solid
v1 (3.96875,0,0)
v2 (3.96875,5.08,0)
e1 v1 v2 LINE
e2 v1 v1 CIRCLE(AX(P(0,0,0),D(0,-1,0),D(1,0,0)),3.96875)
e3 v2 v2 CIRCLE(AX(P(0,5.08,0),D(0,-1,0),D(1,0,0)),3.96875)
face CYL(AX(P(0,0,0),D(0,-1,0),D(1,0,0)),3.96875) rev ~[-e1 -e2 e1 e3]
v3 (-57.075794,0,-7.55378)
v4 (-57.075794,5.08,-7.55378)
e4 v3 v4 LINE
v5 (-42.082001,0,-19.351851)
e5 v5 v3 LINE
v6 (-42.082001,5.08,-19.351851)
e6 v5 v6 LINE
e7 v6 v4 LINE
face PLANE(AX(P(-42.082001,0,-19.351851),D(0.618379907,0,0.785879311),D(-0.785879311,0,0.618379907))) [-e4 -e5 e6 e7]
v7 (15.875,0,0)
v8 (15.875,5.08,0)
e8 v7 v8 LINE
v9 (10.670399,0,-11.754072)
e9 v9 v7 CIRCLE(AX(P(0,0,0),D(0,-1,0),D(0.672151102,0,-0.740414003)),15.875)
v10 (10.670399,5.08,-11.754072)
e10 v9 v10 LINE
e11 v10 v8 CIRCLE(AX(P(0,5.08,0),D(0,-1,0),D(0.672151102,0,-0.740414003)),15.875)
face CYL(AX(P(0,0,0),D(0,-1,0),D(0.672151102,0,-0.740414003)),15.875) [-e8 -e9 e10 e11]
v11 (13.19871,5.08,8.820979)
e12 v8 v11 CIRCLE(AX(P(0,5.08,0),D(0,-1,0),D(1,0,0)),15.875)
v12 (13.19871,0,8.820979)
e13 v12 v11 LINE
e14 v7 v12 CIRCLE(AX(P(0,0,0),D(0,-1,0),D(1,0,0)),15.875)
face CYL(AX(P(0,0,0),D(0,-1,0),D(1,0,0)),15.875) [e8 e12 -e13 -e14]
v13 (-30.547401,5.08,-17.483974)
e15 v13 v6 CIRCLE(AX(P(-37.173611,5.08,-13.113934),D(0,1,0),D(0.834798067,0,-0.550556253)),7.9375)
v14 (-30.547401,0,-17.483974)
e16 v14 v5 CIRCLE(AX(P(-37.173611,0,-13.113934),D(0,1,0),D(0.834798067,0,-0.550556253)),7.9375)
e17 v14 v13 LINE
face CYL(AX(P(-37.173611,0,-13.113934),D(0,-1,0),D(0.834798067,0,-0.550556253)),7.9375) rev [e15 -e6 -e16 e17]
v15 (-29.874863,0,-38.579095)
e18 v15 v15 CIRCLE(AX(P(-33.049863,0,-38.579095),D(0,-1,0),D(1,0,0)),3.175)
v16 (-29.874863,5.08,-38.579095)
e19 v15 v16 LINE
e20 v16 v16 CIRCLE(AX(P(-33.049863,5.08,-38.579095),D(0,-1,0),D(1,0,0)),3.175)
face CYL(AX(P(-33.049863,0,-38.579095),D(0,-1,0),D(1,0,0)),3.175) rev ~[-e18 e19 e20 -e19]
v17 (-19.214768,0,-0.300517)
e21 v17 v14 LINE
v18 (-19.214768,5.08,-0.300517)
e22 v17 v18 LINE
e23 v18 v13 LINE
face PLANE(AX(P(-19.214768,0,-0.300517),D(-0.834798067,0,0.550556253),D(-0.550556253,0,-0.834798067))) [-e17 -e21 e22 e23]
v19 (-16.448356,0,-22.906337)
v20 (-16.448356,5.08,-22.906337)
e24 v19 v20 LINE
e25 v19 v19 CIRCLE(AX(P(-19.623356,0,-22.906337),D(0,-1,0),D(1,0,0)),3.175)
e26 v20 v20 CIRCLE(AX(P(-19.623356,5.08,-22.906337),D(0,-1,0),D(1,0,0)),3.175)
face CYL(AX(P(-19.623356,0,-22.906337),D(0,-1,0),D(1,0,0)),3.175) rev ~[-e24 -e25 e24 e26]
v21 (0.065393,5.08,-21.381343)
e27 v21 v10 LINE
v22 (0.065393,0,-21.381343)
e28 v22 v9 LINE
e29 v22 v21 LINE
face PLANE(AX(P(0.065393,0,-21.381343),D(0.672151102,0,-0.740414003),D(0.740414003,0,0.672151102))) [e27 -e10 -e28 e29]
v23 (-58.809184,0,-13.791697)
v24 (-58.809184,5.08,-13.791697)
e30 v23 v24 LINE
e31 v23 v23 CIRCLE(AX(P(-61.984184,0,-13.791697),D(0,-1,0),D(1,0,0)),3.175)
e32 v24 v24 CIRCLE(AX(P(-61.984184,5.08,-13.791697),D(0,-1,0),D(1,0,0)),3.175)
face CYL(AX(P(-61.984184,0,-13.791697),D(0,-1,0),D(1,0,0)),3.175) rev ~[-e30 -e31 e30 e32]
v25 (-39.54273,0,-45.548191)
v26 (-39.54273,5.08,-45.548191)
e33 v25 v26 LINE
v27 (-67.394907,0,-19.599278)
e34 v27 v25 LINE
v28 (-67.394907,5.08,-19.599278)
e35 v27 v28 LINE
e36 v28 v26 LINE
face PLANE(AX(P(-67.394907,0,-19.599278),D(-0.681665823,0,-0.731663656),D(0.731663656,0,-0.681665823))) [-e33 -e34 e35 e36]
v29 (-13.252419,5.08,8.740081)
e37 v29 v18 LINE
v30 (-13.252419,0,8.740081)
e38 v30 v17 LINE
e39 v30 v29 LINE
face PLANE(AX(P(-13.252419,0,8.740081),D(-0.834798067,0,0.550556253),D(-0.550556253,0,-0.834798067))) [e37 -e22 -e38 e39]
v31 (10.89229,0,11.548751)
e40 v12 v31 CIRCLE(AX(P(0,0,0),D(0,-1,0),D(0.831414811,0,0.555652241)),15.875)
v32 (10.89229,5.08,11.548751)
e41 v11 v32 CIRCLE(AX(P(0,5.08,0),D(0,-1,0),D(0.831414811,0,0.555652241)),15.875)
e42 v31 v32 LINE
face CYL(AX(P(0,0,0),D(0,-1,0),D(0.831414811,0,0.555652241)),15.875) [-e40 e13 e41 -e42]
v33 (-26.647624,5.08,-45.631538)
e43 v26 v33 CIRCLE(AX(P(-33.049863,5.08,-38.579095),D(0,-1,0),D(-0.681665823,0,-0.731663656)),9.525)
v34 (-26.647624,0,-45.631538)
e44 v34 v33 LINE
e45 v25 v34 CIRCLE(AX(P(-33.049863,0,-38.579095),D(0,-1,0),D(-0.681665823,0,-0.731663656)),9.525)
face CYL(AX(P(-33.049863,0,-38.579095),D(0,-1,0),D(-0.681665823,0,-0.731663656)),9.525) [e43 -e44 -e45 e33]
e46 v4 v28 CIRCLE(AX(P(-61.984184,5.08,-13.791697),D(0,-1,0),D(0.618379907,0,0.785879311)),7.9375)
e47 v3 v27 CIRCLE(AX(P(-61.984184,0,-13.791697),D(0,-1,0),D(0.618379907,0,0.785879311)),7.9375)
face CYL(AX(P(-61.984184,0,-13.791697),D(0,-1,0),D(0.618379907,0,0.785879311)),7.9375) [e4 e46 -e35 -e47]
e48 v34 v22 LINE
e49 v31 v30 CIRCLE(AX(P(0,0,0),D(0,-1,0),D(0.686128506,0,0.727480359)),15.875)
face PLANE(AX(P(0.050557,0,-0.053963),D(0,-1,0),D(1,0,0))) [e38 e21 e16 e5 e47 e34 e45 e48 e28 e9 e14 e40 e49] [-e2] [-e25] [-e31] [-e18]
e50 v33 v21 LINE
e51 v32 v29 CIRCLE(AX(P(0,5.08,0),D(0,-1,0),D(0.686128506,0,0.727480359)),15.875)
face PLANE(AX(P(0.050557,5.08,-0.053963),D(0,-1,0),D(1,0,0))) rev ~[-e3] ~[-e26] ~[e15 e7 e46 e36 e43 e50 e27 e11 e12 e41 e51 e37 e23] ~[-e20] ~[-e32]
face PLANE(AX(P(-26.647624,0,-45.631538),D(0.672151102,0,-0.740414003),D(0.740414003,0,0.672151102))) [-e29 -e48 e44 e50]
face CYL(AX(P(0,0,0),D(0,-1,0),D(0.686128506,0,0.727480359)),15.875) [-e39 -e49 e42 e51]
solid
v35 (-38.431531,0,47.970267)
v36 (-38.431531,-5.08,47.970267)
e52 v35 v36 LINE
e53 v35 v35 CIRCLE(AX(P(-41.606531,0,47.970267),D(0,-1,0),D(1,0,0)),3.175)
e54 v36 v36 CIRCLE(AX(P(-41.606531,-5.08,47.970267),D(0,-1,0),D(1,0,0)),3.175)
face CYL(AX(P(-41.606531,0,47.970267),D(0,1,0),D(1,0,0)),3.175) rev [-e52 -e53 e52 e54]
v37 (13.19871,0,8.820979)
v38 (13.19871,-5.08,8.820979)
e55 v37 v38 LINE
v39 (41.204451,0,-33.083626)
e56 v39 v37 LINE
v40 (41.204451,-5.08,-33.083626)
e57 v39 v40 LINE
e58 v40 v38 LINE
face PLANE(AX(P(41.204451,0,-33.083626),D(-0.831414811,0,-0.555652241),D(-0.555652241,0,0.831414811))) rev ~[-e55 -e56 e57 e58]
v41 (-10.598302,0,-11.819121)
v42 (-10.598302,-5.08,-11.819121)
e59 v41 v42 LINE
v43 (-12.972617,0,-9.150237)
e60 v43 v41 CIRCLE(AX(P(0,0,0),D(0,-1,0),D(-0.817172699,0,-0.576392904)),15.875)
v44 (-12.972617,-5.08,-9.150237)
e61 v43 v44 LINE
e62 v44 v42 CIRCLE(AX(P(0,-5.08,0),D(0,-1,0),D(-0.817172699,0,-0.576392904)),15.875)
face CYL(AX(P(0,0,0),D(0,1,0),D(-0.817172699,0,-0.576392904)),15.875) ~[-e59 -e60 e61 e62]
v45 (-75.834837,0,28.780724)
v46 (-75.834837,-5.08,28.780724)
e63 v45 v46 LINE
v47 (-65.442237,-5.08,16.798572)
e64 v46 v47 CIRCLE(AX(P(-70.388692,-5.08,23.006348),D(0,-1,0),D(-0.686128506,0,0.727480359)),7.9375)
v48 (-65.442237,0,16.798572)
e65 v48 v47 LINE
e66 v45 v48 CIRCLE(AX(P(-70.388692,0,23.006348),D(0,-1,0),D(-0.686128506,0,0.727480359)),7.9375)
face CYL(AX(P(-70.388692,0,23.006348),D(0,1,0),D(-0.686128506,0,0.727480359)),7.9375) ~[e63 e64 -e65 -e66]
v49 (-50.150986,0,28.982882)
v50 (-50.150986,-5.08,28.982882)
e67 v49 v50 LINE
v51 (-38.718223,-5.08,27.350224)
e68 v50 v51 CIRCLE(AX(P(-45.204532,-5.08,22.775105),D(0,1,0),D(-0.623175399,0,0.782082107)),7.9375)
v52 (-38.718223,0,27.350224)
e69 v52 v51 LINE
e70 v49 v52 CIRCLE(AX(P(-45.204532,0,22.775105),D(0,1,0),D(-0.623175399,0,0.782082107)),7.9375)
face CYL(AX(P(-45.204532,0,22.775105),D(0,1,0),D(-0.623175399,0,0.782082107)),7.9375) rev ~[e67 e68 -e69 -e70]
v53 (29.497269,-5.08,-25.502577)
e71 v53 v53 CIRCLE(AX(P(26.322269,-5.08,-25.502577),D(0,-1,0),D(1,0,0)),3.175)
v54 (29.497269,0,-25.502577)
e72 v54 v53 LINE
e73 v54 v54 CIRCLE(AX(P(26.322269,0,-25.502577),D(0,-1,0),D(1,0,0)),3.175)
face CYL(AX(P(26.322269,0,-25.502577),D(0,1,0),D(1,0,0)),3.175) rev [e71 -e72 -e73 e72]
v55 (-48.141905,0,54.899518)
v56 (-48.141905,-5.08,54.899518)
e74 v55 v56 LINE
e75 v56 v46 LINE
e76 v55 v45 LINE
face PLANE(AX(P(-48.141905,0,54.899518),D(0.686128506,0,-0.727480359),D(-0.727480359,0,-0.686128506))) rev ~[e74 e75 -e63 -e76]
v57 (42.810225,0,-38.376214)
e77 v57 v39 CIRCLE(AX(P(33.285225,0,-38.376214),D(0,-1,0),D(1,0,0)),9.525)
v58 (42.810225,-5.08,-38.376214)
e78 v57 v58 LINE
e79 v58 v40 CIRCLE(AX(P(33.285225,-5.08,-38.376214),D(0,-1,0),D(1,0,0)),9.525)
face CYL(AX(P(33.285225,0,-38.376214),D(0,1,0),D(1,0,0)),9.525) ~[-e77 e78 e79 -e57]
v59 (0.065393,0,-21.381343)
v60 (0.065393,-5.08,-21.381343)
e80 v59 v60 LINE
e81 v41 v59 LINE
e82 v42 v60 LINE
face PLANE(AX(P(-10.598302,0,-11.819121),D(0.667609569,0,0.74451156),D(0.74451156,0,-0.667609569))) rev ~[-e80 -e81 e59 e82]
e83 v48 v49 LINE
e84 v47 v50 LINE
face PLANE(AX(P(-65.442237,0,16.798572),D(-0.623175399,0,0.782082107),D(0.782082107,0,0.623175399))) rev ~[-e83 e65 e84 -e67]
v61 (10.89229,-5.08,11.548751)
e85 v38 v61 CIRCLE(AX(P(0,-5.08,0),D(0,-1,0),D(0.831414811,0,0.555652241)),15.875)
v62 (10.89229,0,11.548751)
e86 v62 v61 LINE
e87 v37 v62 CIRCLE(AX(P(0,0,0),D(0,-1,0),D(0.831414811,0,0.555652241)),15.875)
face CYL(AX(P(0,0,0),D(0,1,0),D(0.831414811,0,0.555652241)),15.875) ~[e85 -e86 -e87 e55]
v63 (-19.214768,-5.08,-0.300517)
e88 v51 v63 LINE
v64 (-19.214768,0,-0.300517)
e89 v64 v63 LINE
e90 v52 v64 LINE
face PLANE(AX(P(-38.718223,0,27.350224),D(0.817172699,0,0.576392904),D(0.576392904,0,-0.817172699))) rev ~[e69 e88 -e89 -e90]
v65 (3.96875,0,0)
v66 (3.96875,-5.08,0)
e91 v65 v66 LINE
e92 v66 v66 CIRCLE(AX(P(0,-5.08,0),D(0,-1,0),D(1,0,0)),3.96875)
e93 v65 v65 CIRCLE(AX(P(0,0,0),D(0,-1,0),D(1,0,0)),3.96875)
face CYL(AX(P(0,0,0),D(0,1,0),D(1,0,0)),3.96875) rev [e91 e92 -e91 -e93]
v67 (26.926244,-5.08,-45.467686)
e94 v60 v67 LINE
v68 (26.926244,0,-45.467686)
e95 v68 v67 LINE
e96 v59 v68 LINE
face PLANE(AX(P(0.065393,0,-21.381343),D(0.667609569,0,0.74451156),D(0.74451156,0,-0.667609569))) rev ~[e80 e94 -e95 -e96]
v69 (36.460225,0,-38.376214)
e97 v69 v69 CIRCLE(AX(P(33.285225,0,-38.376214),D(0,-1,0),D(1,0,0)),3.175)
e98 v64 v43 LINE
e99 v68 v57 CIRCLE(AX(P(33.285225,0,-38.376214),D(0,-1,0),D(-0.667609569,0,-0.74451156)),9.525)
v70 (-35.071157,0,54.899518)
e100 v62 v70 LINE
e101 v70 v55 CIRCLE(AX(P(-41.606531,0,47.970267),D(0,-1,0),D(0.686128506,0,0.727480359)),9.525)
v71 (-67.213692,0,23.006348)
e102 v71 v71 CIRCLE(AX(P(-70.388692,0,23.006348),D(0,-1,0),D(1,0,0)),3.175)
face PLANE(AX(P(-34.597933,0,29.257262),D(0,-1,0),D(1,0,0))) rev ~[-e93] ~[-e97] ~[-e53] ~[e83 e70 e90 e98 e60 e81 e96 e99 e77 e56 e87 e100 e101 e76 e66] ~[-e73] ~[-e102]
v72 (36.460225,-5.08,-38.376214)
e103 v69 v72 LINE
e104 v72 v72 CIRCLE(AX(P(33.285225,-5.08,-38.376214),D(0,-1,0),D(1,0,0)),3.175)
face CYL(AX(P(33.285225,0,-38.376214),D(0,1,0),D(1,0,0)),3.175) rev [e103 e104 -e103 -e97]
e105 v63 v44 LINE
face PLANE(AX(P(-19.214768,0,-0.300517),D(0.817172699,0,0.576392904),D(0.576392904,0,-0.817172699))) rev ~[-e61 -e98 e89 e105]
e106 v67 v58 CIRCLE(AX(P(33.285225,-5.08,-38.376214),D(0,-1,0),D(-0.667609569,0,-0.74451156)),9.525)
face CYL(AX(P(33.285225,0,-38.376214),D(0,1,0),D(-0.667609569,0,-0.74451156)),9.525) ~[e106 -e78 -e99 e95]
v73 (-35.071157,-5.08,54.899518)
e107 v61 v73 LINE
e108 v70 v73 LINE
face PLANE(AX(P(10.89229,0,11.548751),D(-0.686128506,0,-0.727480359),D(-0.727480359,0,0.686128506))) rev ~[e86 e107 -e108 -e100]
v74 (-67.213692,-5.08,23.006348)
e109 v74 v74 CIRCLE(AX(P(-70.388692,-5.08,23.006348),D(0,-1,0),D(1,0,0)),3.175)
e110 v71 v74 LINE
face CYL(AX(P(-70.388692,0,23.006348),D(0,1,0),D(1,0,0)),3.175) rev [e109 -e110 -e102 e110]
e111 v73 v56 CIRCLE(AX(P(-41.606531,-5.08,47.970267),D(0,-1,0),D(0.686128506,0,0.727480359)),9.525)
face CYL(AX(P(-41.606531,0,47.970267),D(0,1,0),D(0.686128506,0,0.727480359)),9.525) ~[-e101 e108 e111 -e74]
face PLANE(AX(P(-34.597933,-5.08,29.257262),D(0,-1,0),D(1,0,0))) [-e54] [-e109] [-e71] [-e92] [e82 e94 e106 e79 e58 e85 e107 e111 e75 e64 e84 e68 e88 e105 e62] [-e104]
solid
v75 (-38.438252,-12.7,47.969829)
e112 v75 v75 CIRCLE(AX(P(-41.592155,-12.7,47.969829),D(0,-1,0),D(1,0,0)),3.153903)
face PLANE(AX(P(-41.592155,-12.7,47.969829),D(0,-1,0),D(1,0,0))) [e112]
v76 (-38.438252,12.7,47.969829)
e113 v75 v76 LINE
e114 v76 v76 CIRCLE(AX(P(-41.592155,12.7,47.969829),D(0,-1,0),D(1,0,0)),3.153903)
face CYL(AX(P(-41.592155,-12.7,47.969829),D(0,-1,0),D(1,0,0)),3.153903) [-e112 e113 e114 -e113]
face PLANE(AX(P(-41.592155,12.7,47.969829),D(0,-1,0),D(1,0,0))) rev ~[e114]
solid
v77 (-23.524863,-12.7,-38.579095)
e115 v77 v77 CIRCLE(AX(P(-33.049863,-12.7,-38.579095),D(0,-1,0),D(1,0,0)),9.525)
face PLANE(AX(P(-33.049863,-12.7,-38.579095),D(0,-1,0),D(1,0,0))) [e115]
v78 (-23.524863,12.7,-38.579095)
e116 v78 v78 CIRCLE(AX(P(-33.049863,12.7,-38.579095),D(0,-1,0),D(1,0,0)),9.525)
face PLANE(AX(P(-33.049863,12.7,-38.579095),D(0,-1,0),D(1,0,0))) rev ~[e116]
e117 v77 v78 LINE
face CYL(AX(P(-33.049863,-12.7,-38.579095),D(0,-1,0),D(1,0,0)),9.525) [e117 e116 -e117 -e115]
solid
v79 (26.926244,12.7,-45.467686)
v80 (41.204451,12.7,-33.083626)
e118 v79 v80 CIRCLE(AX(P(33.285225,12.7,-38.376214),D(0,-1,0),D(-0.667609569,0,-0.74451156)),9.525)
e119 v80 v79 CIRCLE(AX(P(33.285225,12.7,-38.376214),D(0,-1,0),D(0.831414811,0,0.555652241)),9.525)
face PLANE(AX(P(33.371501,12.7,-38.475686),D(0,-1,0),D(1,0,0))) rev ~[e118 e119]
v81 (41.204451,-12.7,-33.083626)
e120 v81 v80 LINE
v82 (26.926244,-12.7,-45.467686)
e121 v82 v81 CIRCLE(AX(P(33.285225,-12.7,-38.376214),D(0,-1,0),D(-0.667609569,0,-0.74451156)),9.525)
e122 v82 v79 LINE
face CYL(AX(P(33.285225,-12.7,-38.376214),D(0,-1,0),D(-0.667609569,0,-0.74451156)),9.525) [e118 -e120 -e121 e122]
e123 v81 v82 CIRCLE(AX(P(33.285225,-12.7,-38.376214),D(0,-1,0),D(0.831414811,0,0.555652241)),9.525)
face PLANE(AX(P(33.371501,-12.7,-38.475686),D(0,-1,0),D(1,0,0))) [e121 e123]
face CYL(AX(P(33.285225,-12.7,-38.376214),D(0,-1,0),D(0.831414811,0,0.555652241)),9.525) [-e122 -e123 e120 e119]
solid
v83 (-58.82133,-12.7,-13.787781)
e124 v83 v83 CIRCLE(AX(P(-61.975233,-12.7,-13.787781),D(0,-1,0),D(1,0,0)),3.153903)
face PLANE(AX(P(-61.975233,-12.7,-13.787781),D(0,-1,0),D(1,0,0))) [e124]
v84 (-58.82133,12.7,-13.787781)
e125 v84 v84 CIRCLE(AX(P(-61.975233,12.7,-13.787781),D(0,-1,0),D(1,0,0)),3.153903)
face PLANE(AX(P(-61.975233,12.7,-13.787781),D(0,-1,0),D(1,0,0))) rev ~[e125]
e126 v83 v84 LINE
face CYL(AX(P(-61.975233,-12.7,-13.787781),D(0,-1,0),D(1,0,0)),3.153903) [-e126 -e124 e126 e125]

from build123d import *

# Parameters (mm, degrees)
F0_R     = 3.175
F0_R_2   = 3.96875
F2_DEPTH = 5.08
F3_DEPTH = 5.08
F6_DEPTH = 25.4
F4_R     = 3.1539027902
F5_R     = 9.525
F5_R_2   = 3.1539027902


with BuildPart() as f2:
    # F0 (on Front) → F2 (new body)
    with BuildSketch(Plane.XZ):
        with BuildLine():
            ThreePointArc((-13.2524193062, 8.7400805221), (-1.834314477, 15.7686687897), (10.8922900307, 11.5487507067))
            Line((10.8922900307, 11.5487507067), (-35.0711574392, 54.8995176744))
            ThreePointArc((-35.0711574392, 54.8995176744), (-32.8608164346, 51.7436071154), (-32.0815314576, 47.9702672503))
            ThreePointArc((-32.0815314576, 47.9702672503), (-45.3798713227, 39.2245522274), (-48.1419054761, 54.8995176744))
            Line((-48.1419054761, 54.8995176744), (-75.8348368232, 28.7807237291))
            ThreePointArc((-75.8348368232, 28.7807237291), (-67.2442419203, 30.2944442282), (-62.4511918078, 23.0063483758))
            ThreePointArc((-62.4511918078, 23.0063483758), (-63.237943921, 19.5609585706), (-65.4422370763, 16.798571653))
            Line((-65.4422370763, 16.798571653), (-50.1509863937, 28.9828821829))
            ThreePointArc((-50.1509863937, 28.9828821829), (-44.0823996147, 30.6328866939), (-38.7182233604, 27.3502241323))
            Line((-38.7182233604, 27.3502241323), (-19.2147683858, -0.3005169703))
            Line((-19.2147683858, -0.3005169703), (-13.2524193062, 8.7400805221))
        make_face()
        with BuildLine():
            ThreePointArc((-32.0815314576, 47.9702672503), (-32.8608164346, 51.7436071154), (-35.0711574392, 54.8995176744))
            ThreePointArc((-35.0711574392, 54.8995176744), (-41.6065314576, 57.4952672503), (-48.1419054761, 54.8995176744))
            ThreePointArc((-48.1419054761, 54.8995176744), (-45.3798713227, 39.2245522274), (-32.0815314576, 47.9702672503))
        make_face()
        with Locations((-41.6065314576, 47.9702672503)):
            Circle(F0_R, mode=Mode.SUBTRACT)
        with BuildLine():
            ThreePointArc((-62.4511918078, 23.0063483758), (-67.2442419203, 30.2944442282), (-75.8348368232, 28.7807237291))
            ThreePointArc((-75.8348368232, 28.7807237291), (-76.3849752141, 17.8055319436), (-65.4422370763, 16.798571653))
            ThreePointArc((-65.4422370763, 16.798571653), (-63.237943921, 19.5609585706), (-62.4511918078, 23.0063483758))
        make_face()
        with Locations((-70.3886918078, 23.0063483758)):
            Circle(F0_R, mode=Mode.SUBTRACT)
        with BuildLine():
            ThreePointArc((15.875, 0), (15.1912005478, 4.609018433), (13.1987101208, 8.820979319))
            ThreePointArc((13.1987101208, 8.820979319), (12.1224690662, 10.2499448164), (10.8922900307, 11.5487507067))
            ThreePointArc((10.8922900307, 11.5487507067), (-1.834314477, 15.7686687897), (-13.2524193062, 8.7400805221))
            ThreePointArc((-13.2524193062, 8.7400805221), (-15.8730587934, -0.2482529814), (-12.9726166036, -9.1502373442))
            ThreePointArc((-12.9726166036, -9.1502373442), (-11.8607666217, -10.5516747555), (-10.5983019047, -11.8191210221))
            ThreePointArc((-10.5983019047, -11.8191210221), (0.0485522706, -15.8749257534), (10.6703987497, -11.7540722953))
            ThreePointArc((10.6703987497, -11.7540722953), (14.5156502636, -6.4274040191), (15.875, 0))
        make_face()
        Circle(F0_R_2, mode=Mode.SUBTRACT)
        with BuildLine():
            Line((-10.5983019047, -11.8191210221), (0.0653932355, -21.3813431455))
            Line((0.0653932355, -21.3813431455), (10.6703987497, -11.7540722953))
            ThreePointArc((10.6703987497, -11.7540722953), (0.0485522706, -15.8749257534), (-10.5983019047, -11.8191210221))
        make_face()
        with BuildLine():
            ThreePointArc((-12.9726166036, -9.1502373442), (-15.8730587934, -0.2482529814), (-13.2524193062, 8.7400805221))
            Line((-13.2524193062, 8.7400805221), (-19.2147683858, -0.3005169703))
            Line((-19.2147683858, -0.3005169703), (-12.9726166036, -9.1502373442))
        make_face()
        with BuildLine():
            ThreePointArc((26.9262440233, -45.4676864135), (27.0442454474, -31.1806737127), (41.2044512386, -33.0836262089))
            Line((41.2044512386, -33.0836262089), (13.1987101208, 8.820979319))
            ThreePointArc((13.1987101208, 8.820979319), (15.1912005478, 4.609018433), (15.875, 0))
            ThreePointArc((15.875, 0), (14.5156502636, -6.4274040191), (10.6703987497, -11.7540722953))
            Line((10.6703987497, -11.7540722953), (0.0653932355, -21.3813431455))
            Line((0.0653932355, -21.3813431455), (26.9262440233, -45.4676864135))
        make_face()
        with Locations((26.3222689506, -25.5025770961)):
            Circle(F0_R, mode=Mode.SUBTRACT)
        with BuildLine():
            ThreePointArc((26.9262440233, -45.4676864135), (37.1682864336, -47.0737686401), (42.8102251661, -38.3762138003))
            ThreePointArc((42.8102251661, -38.3762138003), (42.3999454948, -35.6108027404), (41.2044512386, -33.0836262089))
            ThreePointArc((41.2044512386, -33.0836262089), (27.0442454474, -31.1806737127), (26.9262440233, -45.4676864135))
        make_face()
        with Locations((33.2852251661, -38.3762138003)):
            Circle(F0_R, mode=Mode.SUBTRACT)
    extrude(amount=F2_DEPTH)


with BuildPart() as f3:
    # F0 (on Front) → F3 (new body)
    with BuildSketch(Plane.XZ):
        with BuildLine():
            ThreePointArc((15.875, 0), (15.1912005478, 4.609018433), (13.1987101208, 8.820979319))
            ThreePointArc((13.1987101208, 8.820979319), (12.1224690662, 10.2499448164), (10.8922900307, 11.5487507067))
            ThreePointArc((10.8922900307, 11.5487507067), (-1.834314477, 15.7686687897), (-13.2524193062, 8.7400805221))
            ThreePointArc((-13.2524193062, 8.7400805221), (-15.8730587934, -0.2482529814), (-12.9726166036, -9.1502373442))
            ThreePointArc((-12.9726166036, -9.1502373442), (-11.8607666217, -10.5516747555), (-10.5983019047, -11.8191210221))
            ThreePointArc((-10.5983019047, -11.8191210221), (0.0485522706, -15.8749257534), (10.6703987497, -11.7540722953))
            ThreePointArc((10.6703987497, -11.7540722953), (14.5156502636, -6.4274040191), (15.875, 0))
        make_face()
        Circle(F0_R_2, mode=Mode.SUBTRACT)
        with BuildLine():
            ThreePointArc((-12.9726166036, -9.1502373442), (-15.8730587934, -0.2482529814), (-13.2524193062, 8.7400805221))
            Line((-13.2524193062, 8.7400805221), (-19.2147683858, -0.3005169703))
            Line((-19.2147683858, -0.3005169703), (-12.9726166036, -9.1502373442))
        make_face()
        with BuildLine():
            Line((-10.5983019047, -11.8191210221), (0.0653932355, -21.3813431455))
            Line((0.0653932355, -21.3813431455), (10.6703987497, -11.7540722953))
            ThreePointArc((10.6703987497, -11.7540722953), (0.0485522706, -15.8749257534), (-10.5983019047, -11.8191210221))
        make_face()
        with BuildLine():
            Line((-26.647623873, -45.6315380732), (0.0653932355, -21.3813431455))
            Line((0.0653932355, -21.3813431455), (-10.5983019047, -11.8191210221))
            ThreePointArc((-10.5983019047, -11.8191210221), (-11.8607666217, -10.5516747555), (-12.9726166036, -9.1502373442))
            Line((-12.9726166036, -9.1502373442), (-19.2147683858, -0.3005169703))
            Line((-19.2147683858, -0.3005169703), (-30.5474012326, -17.4839744853))
            ThreePointArc((-30.5474012326, -17.4839744853), (-35.9047663103, -20.9493627188), (-42.0820013957, -19.3518512525))
            Line((-42.0820013957, -19.3518512525), (-57.0757936348, -7.5537803256))
            ThreePointArc((-57.0757936348, -7.5537803256), (-54.8440071189, -10.3244537385), (-54.0466841448, -13.7916973539))
            ThreePointArc((-54.0466841448, -13.7916973539), (-58.817458973, -21.070142101), (-67.394906617, -19.5992776228))
            Line((-67.394906617, -19.5992776228), (-39.5427300894, -45.5481910186))
            ThreePointArc((-39.5427300894, -45.5481910186), (-36.849933329, -29.8449609995), (-23.5248631228, -38.579094696))
            ThreePointArc((-23.5248631228, -38.579094696), (-24.3404729646, -42.4355371074), (-26.647623873, -45.6315380732))
        make_face()
        with Locations((-19.6233562292, -22.9063374758)):
            Circle(F0_R, mode=Mode.SUBTRACT)
        with BuildLine():
            ThreePointArc((-57.0757936348, -7.5537803256), (-68.0121676911, -8.627656241), (-67.394906617, -19.5992776228))
            ThreePointArc((-67.394906617, -19.5992776228), (-58.817458973, -21.070142101), (-54.0466841448, -13.7916973539))
            ThreePointArc((-54.0466841448, -13.7916973539), (-54.8440071189, -10.3244537385), (-57.0757936348, -7.5537803256))
        make_face()
        with Locations((-61.9841841448, -13.7916973539)):
            Circle(F0_R, mode=Mode.SUBTRACT)
        with BuildLine():
            ThreePointArc((-39.5427300894, -45.5481910186), (-33.1114263313, -48.1038957423), (-26.647623873, -45.6315380732))
            ThreePointArc((-26.647623873, -45.6315380732), (-24.3404729646, -42.4355371074), (-23.5248631228, -38.579094696))
            ThreePointArc((-23.5248631228, -38.579094696), (-36.849933329, -29.8449609995), (-39.5427300894, -45.5481910186))
        make_face()
        with Locations((-33.0498631228, -38.579094696)):
            Circle(F0_R, mode=Mode.SUBTRACT)
    extrude(amount=-F3_DEPTH)


with BuildPart() as f6:
    # F4 (on offset) → F6 (new body)
    with BuildSketch(Plane.XZ.offset(12.7)):
        with BuildLine():
            ThreePointArc((41.2044512386, -33.0836262089), (27.0442454474, -31.1806737127), (26.9262440233, -45.4676864135))
            ThreePointArc((26.9262440233, -45.4676864135), (39.5262048847, -45.5717538878), (41.2044512386, -33.0836262089))
        make_face()
    extrude(amount=-F6_DEPTH)


with BuildPart() as f6b:
    # F4 (on offset) → F6, piece 2 (new body)
    with BuildSketch(Plane.XZ.offset(12.7)):
        with Locations((-41.5921546519, 47.9698292911)):
            Circle(F4_R)
    extrude(amount=-F6_DEPTH)


with BuildPart() as f6c:
    # F5 (on offset) → F6, piece 3 (new body)
    with BuildSketch(Plane.XZ.offset(12.7)):
        with Locations((-33.0498631228, -38.579094696)):
            Circle(F5_R)
    extrude(amount=-F6_DEPTH)


with BuildPart() as f6d:
    # F5 (on offset) → F6, piece 4 (new body)
    with BuildSketch(Plane.XZ.offset(12.7)):
        with Locations((-61.9752332568, -13.7877808884)):
            Circle(F5_R_2)
    extrude(amount=-F6_DEPTH)


solid = Compound([f2.part, f3.part, f6.part, f6b.part, f6c.part, f6d.part])
